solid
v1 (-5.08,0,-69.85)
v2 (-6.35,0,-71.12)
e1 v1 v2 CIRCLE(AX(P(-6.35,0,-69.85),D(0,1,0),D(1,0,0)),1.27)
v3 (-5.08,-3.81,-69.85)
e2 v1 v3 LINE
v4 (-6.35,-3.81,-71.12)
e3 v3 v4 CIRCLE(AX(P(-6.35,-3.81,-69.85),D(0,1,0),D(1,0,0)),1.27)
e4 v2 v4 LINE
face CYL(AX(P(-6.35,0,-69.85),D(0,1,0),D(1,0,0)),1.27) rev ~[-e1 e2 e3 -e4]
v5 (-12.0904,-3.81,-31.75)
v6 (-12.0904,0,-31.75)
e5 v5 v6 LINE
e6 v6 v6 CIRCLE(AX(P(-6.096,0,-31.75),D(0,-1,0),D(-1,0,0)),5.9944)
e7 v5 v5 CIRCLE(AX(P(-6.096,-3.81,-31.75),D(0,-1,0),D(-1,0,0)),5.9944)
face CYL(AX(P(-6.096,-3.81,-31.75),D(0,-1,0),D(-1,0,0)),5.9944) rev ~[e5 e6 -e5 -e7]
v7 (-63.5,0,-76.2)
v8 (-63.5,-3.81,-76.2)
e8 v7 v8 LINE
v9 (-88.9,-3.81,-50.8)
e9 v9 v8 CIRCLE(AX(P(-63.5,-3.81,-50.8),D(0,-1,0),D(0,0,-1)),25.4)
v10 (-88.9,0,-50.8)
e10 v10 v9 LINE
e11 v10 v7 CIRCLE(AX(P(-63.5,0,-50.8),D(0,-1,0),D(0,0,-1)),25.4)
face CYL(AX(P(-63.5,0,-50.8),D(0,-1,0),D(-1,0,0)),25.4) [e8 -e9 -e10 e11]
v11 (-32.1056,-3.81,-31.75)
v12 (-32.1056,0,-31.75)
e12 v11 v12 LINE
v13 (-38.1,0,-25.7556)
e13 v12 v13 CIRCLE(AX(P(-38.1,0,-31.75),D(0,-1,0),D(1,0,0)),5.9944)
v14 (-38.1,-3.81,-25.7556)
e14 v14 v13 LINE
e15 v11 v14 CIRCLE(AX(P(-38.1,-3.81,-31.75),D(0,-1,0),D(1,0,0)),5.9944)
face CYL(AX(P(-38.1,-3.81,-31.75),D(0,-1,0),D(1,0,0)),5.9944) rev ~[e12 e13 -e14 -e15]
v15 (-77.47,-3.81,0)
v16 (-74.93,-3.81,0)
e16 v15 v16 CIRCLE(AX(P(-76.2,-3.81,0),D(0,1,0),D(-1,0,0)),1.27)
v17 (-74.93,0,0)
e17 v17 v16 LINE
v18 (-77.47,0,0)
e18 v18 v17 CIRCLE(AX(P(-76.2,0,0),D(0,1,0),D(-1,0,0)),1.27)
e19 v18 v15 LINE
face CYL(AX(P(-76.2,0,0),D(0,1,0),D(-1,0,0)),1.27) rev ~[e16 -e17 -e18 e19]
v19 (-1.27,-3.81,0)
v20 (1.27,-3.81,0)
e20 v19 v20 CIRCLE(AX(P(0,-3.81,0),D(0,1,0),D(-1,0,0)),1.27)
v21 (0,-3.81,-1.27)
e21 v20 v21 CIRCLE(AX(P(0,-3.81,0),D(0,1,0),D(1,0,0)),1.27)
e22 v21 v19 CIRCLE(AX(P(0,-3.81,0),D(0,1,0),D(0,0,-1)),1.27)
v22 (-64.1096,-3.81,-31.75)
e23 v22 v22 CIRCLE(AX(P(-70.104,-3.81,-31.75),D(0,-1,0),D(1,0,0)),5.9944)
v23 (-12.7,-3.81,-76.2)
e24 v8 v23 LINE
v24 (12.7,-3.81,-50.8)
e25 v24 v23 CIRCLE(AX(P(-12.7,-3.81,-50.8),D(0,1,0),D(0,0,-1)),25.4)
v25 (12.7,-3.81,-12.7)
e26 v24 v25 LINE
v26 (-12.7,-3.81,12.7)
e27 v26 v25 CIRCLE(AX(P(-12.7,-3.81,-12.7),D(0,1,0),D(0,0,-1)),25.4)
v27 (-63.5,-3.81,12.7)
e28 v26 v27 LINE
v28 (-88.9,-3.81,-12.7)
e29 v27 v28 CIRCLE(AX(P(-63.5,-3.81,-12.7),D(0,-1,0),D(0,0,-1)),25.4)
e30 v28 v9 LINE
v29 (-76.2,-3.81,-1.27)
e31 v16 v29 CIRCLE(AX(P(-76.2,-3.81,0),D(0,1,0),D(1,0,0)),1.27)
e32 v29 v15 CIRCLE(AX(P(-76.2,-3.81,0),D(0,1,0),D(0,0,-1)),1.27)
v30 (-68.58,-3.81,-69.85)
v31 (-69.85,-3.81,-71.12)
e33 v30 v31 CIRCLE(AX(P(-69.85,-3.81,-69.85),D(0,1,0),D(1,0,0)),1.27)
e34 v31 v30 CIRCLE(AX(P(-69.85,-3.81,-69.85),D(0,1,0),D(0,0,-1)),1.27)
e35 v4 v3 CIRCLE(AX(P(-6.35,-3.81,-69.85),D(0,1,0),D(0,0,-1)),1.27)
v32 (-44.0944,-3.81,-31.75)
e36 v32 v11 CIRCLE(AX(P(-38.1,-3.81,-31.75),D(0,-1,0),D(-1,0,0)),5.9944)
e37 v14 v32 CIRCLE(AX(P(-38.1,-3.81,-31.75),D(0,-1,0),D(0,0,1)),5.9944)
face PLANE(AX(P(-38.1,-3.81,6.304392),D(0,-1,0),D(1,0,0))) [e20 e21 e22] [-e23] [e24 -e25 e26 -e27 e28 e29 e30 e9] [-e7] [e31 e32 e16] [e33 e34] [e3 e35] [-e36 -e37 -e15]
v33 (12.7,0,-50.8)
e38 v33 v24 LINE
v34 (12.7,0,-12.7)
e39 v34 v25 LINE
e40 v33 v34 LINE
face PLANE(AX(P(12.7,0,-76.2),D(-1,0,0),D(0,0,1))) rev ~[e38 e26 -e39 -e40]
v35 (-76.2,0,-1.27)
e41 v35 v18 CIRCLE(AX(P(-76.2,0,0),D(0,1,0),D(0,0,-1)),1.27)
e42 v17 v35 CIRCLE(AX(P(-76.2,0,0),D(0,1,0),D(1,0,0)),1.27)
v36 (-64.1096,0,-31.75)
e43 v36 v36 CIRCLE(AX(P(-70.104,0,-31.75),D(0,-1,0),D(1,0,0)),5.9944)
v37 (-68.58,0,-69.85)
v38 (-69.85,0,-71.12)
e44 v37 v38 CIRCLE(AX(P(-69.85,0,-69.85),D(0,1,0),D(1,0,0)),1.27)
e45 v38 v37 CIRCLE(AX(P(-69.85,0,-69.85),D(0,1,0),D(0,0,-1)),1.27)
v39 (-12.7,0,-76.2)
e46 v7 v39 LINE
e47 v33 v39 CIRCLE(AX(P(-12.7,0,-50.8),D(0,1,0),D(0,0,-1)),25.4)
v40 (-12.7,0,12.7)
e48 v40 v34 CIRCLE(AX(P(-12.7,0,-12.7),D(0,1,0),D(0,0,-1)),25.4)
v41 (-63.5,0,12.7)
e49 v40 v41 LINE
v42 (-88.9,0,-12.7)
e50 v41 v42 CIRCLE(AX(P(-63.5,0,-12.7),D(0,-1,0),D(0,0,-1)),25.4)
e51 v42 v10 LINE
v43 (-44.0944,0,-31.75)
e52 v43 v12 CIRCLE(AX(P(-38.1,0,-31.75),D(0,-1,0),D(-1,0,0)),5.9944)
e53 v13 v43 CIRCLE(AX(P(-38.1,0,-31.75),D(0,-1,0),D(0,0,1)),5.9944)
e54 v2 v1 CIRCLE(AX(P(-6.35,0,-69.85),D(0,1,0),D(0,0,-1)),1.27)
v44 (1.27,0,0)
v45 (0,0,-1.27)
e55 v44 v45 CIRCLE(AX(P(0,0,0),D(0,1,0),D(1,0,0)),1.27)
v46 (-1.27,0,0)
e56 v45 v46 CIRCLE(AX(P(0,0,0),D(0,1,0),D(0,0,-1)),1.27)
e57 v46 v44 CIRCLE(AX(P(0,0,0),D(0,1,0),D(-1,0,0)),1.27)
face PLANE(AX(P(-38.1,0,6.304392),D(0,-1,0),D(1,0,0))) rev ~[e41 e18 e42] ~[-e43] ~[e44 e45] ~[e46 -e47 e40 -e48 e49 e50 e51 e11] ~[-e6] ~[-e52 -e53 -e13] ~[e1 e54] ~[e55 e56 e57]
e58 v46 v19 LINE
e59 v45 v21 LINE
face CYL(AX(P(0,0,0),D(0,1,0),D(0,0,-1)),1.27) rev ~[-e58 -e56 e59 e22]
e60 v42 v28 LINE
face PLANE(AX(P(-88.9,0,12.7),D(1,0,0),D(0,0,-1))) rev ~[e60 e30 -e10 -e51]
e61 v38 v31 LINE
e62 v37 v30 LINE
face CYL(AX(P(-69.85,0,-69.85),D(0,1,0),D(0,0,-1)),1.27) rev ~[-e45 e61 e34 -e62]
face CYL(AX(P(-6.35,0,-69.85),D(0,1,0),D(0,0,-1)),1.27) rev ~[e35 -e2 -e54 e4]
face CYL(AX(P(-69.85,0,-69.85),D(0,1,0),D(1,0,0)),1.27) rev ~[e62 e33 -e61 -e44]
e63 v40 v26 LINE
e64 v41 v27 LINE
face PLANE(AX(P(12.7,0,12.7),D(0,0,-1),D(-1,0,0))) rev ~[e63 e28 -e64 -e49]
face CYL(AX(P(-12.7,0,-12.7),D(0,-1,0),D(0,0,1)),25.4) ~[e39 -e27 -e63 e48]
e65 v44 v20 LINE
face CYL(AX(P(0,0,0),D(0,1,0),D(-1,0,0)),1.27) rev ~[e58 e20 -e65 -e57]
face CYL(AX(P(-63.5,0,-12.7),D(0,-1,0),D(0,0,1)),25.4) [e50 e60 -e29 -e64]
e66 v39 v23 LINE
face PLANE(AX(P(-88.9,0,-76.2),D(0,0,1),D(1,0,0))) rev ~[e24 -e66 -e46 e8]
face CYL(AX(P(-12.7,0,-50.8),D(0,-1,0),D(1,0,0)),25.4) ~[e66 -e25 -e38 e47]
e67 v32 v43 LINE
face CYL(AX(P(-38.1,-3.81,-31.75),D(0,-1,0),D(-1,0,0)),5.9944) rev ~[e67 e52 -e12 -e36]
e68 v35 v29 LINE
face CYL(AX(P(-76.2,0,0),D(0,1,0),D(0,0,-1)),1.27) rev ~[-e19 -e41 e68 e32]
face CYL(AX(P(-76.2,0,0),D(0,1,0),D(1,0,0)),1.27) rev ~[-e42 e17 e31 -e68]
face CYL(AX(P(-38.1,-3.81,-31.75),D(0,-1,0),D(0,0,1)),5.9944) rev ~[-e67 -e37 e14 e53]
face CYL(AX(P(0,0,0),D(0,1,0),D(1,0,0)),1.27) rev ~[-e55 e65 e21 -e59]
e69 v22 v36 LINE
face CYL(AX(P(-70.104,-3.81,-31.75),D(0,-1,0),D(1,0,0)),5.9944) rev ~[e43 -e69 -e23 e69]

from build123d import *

# Parameters (mm, degrees)
F1_DEPTH = 3.81
F2_R     = 5.9944
F3_DEPTH = 25.4
F4_R     = 25.4


with BuildPart() as f1:
    # F0 (on Front) → F1 (new body)
    with BuildSketch(Plane.XZ):
        with BuildLine():
            ThreePointArc((-77.47, 0), (-76.2, 1.27), (-74.93, 0))
            Line((-74.93, 0), (-1.27, 0))
            ThreePointArc((-1.27, 0), (0, 1.27), (1.27, 0))
            Line((1.27, 0), (12.7, 0))
            Line((12.7, 0), (12.7, 12.7))
            Line((12.7, 12.7), (-88.9, 12.7))
            Line((-88.9, 12.7), (-88.9, 0))
            Line((-88.9, 0), (-77.47, 0))
        make_face()
        with BuildLine():
            ThreePointArc((-76.2, -1.27), (-77.0980256121, -0.8980256121), (-77.47, 0))
            Line((-77.47, 0), (-88.9, 0))
            Line((-88.9, 0), (-88.9, -76.2))
            Line((-88.9, -76.2), (-76.2, -76.2))
            Line((-76.2, -76.2), (-76.2, -1.27))
        make_face()
        with BuildLine():
            Line((-1.27, 0), (-74.93, 0))
            ThreePointArc((-74.93, 0), (-75.3019743879, -0.8980256121), (-76.2, -1.27))
            Line((-76.2, -1.27), (-76.2, -76.2))
            Line((-76.2, -76.2), (-69.85, -76.2))
            Line((-69.85, -76.2), (-6.35, -76.2))
            Line((-6.35, -76.2), (-6.35, -71.12))
            ThreePointArc((-6.35, -71.12), (-7.2480256121, -68.9519743879), (-5.08, -69.85))
            Line((-5.08, -69.85), (0, -69.85))
            Line((0, -69.85), (0, -1.27))
            ThreePointArc((0, -1.27), (-0.8980256121, -0.8980256121), (-1.27, 0))
        make_face()
        with BuildLine():
            ThreePointArc((-68.58, -69.85), (-68.9519743879, -70.7480256121), (-69.85, -71.12))
            ThreePointArc((-69.85, -71.12), (-70.7480256121, -68.9519743879), (-68.58, -69.85))
        make_face(mode=Mode.SUBTRACT)
        with BuildLine():
            Line((0, -76.2), (0, -69.85))
            Line((0, -69.85), (-5.08, -69.85))
            ThreePointArc((-5.08, -69.85), (-5.4519743879, -70.7480256121), (-6.35, -71.12))
            Line((-6.35, -71.12), (-6.35, -76.2))
            Line((-6.35, -76.2), (0, -76.2))
        make_face()
        with BuildLine():
            Line((12.7, 0), (1.27, 0))
            ThreePointArc((1.27, 0), (0.8980256121, -0.8980256121), (0, -1.27))
            Line((0, -1.27), (0, -69.85))
            Line((0, -69.85), (0, -76.2))
            Line((0, -76.2), (12.7, -76.2))
            Line((12.7, -76.2), (12.7, 0))
        make_face()
    extrude(amount=F1_DEPTH)

    # F2 (on face) → F3 (cut)
    with BuildSketch(Plane.XZ.offset(3.81)):
        with Locations((-70.104, -31.75)):
            Circle(F2_R)
        with BuildLine():
            Line((-38.1, -31.75), (-38.1, -25.7556))
            ThreePointArc((-38.1, -25.7556), (-42.3386808891, -27.5113191109), (-44.0944, -31.75))
            Line((-44.0944, -31.75), (-38.1, -31.75))
        make_face()
        with BuildLine():
            ThreePointArc((-32.1056, -31.75), (-33.8613191109, -27.5113191109), (-38.1, -25.7556))
            Line((-38.1, -25.7556), (-38.1, -31.75))
            Line((-38.1, -31.75), (-32.1056, -31.75))
        make_face()
        with BuildLine():
            Line((-32.1056, -31.75), (-38.1, -31.75))
            Line((-38.1, -31.75), (-44.0944, -31.75))
            ThreePointArc((-44.0944, -31.75), (-38.1, -37.7444), (-32.1056, -31.75))
        make_face()
        with BuildLine():
            ThreePointArc((-0.1016, -31.75), (-6.096, -25.7556), (-12.0904, -31.75))
            ThreePointArc((-12.0904, -31.75), (-6.096, -37.7444), (-0.1016, -31.75))
        make_face()
    extrude(amount=-F3_DEPTH, mode=Mode.SUBTRACT)

    # F4
    f4_edges = [f1.edges().sort_by_distance(p)[0] for p in [
        (12.7, -1.905, 12.7),
        (-88.9, -1.905, 12.7),
        (12.7, -1.905, -76.2),
        (-88.9, -1.905, -76.2),
    ]]
    fillet(f4_edges, radius=F4_R)


solid = f1.part
